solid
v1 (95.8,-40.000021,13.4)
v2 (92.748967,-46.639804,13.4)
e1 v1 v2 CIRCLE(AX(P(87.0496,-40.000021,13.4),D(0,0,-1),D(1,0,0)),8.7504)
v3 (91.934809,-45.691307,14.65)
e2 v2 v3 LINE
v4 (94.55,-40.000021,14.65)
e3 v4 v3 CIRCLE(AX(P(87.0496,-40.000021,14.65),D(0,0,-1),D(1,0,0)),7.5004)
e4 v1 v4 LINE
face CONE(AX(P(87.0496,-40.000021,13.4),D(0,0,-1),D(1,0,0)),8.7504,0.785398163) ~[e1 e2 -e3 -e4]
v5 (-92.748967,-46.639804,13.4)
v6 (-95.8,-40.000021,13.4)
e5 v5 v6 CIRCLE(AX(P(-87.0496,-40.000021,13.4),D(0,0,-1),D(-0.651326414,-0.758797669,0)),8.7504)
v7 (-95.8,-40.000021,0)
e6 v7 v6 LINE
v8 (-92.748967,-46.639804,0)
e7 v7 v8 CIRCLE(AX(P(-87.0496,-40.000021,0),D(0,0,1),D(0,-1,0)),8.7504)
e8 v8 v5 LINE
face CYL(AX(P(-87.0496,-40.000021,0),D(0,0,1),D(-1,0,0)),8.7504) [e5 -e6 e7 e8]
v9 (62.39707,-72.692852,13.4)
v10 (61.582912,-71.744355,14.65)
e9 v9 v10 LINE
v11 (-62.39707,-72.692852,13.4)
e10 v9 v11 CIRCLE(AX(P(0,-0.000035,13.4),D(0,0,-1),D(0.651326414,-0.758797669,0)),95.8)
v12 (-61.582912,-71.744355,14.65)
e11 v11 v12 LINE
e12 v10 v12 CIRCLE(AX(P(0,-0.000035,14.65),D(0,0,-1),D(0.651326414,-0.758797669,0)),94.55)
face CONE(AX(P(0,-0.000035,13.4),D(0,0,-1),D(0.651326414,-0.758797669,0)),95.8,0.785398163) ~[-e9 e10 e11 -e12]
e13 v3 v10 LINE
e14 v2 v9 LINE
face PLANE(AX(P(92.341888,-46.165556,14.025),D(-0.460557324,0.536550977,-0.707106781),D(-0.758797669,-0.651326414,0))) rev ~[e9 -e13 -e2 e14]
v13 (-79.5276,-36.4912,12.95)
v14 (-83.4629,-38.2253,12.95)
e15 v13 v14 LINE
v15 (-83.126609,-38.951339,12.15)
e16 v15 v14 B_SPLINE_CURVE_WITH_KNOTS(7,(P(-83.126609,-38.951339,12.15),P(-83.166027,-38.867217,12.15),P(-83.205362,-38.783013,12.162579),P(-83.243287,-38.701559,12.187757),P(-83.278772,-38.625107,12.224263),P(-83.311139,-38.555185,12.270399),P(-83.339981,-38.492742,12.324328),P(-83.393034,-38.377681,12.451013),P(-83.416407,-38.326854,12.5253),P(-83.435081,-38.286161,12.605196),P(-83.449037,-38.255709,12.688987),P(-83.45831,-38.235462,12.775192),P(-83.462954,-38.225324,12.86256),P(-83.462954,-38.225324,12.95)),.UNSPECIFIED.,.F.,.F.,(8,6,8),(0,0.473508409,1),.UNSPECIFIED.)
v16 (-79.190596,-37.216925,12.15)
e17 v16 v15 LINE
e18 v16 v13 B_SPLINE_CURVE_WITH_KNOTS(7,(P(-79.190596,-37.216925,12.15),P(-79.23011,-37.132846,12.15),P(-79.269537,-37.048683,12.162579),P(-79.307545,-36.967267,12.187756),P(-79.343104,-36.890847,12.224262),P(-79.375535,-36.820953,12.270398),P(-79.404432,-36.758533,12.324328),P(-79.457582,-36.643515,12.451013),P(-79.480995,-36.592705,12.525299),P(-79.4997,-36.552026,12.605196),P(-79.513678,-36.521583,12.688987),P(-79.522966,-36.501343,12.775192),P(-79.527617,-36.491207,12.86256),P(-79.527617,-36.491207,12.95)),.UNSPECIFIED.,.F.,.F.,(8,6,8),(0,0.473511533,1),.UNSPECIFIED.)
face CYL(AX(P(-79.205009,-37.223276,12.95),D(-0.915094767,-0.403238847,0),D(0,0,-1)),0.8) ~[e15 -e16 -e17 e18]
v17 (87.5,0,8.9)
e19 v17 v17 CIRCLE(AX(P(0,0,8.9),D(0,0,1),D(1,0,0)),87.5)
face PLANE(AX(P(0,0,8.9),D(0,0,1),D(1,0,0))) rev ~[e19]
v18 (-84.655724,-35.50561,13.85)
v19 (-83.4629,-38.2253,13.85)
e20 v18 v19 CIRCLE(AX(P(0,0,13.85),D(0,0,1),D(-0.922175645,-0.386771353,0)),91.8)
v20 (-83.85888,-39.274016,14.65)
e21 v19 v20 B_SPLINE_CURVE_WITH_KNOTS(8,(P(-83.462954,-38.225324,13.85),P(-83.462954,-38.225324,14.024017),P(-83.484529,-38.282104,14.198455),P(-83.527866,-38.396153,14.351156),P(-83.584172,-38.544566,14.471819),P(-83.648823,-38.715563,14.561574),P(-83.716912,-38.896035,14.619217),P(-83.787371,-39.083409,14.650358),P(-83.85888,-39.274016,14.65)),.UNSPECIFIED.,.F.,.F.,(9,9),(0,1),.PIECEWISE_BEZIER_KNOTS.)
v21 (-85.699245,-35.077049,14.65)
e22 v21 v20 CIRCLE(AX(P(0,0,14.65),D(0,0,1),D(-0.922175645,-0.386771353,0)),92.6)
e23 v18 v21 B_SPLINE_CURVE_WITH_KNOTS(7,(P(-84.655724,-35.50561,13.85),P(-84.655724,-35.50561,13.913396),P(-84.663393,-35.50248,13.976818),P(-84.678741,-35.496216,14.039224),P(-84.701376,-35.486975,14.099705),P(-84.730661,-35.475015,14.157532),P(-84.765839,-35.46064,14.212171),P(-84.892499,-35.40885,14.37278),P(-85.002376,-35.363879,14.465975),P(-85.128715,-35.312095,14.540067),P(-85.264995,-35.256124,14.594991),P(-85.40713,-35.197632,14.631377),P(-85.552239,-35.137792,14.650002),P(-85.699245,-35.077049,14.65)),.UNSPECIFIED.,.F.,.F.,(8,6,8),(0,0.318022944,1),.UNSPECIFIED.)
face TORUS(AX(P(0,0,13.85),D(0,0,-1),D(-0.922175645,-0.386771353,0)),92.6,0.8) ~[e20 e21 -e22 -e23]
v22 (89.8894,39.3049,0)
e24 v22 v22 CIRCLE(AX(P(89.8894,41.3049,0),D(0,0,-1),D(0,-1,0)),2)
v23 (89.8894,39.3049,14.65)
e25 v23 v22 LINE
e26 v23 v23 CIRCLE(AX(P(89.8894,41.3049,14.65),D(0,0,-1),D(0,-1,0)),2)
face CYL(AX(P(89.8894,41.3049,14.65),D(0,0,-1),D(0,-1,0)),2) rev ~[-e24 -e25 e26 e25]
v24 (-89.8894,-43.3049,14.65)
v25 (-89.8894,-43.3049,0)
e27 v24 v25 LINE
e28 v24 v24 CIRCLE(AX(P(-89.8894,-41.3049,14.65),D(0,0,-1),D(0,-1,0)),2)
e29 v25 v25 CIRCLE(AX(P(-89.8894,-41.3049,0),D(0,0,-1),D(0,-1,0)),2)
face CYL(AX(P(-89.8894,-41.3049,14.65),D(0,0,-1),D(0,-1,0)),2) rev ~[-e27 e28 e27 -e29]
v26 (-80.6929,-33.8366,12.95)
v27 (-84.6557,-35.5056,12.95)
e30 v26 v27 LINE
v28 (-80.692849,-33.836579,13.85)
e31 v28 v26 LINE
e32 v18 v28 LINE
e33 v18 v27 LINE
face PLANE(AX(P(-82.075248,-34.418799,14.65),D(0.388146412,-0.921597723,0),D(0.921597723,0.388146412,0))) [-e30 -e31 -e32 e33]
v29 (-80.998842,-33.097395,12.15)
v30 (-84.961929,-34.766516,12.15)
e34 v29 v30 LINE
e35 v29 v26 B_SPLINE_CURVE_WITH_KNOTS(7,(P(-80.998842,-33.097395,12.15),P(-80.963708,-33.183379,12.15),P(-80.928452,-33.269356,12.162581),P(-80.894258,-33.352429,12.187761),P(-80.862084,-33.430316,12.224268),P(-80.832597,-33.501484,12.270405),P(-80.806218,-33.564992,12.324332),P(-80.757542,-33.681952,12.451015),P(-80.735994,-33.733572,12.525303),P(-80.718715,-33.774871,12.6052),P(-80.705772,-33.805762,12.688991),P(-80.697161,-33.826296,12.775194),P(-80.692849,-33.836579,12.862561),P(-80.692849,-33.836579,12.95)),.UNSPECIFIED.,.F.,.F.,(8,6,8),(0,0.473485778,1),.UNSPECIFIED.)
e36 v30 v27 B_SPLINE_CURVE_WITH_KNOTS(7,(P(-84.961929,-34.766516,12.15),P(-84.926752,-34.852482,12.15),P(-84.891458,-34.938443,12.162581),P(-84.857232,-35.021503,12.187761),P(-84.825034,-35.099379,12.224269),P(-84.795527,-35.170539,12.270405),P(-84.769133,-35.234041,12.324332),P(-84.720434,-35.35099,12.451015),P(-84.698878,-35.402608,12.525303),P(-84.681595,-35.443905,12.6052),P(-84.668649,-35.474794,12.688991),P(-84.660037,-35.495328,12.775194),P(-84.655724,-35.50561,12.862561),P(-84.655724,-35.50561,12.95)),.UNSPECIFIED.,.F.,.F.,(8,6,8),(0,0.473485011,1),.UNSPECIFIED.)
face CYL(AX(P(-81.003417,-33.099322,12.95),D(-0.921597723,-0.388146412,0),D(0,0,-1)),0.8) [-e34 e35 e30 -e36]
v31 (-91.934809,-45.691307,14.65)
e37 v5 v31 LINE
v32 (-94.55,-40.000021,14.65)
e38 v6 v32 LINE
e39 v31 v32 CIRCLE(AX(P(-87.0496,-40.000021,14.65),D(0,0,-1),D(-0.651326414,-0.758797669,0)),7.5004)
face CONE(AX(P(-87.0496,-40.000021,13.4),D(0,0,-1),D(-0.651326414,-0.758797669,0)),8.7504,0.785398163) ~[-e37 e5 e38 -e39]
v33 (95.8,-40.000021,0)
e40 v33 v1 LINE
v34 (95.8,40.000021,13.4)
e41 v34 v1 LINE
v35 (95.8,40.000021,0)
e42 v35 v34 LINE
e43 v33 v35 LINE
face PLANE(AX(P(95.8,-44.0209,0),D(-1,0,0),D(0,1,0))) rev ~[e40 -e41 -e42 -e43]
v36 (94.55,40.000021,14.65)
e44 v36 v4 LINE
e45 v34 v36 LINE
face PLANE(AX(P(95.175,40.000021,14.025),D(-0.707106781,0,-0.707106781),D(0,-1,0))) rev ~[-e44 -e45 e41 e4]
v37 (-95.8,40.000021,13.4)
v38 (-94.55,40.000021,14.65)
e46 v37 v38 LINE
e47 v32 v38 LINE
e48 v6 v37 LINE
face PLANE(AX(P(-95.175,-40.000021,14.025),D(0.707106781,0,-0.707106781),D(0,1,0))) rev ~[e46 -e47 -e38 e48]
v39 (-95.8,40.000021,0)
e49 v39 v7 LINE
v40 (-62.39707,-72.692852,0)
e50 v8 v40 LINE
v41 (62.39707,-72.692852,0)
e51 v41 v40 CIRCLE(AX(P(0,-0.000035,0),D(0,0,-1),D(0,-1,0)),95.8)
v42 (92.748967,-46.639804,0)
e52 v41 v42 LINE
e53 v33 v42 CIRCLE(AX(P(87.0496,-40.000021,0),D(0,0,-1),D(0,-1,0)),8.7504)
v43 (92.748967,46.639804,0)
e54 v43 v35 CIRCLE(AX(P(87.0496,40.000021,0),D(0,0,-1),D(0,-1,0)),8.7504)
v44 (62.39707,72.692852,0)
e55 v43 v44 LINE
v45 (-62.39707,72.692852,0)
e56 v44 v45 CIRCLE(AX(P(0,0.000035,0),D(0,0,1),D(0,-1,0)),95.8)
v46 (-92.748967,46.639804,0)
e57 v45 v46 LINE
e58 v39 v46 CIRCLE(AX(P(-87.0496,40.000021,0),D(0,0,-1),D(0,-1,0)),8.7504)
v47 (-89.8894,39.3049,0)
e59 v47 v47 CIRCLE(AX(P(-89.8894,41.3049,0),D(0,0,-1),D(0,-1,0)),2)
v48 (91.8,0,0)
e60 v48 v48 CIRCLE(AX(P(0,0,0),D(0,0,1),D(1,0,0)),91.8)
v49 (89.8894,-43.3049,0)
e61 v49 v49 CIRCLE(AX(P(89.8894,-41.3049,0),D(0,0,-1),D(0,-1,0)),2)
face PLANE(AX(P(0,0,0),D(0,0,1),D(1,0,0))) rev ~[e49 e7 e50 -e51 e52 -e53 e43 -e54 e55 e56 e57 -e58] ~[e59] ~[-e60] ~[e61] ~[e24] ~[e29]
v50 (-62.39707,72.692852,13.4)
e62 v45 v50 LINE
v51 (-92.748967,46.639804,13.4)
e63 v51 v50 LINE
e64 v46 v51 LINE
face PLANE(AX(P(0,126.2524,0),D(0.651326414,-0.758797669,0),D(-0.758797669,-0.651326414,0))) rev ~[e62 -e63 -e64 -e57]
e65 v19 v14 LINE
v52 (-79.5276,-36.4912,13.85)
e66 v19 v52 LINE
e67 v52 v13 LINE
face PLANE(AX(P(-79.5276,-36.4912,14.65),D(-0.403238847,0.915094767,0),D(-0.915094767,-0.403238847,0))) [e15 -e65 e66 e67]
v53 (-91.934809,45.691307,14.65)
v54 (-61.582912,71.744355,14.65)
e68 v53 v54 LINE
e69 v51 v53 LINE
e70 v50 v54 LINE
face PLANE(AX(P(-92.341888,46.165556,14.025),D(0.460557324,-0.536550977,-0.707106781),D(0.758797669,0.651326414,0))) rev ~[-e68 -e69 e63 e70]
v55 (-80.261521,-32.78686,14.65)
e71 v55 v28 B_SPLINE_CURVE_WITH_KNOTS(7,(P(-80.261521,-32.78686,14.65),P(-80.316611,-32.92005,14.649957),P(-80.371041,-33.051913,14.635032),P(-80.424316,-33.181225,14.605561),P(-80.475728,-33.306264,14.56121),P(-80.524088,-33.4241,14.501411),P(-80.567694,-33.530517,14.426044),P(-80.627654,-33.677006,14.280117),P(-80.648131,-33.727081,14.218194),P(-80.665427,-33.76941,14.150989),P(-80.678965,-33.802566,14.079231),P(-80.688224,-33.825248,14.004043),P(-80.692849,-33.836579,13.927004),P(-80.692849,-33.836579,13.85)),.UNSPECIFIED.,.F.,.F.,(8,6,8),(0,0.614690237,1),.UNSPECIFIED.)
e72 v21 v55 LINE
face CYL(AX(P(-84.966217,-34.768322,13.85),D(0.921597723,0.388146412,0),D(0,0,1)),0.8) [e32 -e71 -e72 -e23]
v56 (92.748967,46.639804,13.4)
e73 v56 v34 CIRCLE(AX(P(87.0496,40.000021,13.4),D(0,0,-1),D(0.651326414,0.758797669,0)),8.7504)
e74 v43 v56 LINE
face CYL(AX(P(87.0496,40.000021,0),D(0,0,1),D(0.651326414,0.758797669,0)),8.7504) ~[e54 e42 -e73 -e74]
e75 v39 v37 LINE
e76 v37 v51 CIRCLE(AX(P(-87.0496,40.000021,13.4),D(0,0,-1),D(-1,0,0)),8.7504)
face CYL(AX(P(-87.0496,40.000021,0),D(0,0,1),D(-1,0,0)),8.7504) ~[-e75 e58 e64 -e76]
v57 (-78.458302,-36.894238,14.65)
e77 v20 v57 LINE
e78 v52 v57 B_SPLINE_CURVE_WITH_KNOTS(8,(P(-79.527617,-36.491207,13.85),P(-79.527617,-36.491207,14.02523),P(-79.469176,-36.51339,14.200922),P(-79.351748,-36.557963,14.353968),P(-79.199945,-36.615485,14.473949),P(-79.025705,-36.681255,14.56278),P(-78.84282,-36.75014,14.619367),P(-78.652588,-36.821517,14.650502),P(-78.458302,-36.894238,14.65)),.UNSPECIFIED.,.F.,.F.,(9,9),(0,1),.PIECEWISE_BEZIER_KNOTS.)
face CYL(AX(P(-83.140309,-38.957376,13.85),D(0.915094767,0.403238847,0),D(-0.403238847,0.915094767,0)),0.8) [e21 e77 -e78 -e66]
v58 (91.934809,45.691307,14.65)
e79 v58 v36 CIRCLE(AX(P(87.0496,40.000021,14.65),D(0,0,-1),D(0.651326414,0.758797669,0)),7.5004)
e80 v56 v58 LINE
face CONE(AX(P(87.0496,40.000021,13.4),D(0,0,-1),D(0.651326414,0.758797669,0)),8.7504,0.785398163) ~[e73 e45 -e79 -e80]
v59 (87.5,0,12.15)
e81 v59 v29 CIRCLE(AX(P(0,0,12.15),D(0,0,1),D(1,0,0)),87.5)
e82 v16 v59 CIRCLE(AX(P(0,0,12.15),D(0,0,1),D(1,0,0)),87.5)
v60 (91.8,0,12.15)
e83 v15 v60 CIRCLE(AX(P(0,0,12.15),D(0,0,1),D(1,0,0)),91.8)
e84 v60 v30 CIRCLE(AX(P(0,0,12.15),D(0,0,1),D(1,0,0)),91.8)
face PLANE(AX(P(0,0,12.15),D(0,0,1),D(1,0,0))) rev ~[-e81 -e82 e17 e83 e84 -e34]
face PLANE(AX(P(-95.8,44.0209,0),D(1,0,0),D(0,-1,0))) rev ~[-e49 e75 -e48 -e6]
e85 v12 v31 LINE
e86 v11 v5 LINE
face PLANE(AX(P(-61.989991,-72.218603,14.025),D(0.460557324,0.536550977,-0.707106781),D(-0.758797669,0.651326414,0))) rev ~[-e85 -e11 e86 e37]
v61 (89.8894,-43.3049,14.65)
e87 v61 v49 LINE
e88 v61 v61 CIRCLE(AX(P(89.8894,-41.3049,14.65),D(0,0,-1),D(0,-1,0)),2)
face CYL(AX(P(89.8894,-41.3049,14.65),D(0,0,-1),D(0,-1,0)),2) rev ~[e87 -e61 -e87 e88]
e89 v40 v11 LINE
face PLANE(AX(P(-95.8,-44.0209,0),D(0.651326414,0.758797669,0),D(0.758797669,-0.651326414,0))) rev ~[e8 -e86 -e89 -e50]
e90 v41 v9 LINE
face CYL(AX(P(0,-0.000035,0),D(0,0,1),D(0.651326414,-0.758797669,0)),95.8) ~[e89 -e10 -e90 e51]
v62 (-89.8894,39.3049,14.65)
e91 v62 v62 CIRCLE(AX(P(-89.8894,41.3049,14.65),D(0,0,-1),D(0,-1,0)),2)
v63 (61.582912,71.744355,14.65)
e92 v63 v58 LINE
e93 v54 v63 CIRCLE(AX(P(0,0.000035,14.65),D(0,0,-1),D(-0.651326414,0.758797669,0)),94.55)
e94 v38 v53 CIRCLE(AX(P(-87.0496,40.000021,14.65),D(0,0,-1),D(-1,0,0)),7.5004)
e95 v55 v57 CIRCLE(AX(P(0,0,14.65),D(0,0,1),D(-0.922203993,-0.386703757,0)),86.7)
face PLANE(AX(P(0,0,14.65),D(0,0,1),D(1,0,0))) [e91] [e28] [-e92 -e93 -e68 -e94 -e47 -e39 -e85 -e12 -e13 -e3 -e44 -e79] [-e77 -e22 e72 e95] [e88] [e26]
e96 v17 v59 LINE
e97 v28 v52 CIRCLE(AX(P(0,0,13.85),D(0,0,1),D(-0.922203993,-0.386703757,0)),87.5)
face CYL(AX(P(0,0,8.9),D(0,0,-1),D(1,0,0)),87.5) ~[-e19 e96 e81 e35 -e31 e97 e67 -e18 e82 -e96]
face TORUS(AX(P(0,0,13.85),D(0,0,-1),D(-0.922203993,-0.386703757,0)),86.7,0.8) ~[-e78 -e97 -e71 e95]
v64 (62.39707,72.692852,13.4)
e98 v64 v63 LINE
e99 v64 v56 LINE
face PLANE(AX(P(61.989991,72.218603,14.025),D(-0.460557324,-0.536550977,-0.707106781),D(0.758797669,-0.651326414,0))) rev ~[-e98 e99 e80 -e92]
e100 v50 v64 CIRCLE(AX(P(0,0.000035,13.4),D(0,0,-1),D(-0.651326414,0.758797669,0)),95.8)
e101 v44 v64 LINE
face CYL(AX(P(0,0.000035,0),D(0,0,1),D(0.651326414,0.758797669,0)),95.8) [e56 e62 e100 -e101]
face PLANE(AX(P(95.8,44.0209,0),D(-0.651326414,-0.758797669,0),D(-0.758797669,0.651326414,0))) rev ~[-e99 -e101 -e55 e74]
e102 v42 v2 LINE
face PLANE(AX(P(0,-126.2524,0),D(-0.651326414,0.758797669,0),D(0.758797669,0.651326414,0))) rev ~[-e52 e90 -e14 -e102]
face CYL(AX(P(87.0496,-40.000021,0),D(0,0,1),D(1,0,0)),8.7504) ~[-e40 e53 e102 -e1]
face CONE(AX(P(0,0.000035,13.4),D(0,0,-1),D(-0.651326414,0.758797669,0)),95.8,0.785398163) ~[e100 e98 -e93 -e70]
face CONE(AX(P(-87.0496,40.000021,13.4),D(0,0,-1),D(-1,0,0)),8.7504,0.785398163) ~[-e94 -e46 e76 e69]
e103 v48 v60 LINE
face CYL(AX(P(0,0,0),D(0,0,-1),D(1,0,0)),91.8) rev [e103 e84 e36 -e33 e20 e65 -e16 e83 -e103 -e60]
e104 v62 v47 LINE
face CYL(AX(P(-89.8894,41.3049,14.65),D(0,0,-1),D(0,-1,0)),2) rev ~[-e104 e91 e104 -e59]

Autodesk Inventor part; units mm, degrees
ref_plane "YZ Plane" through (0, 0, 0) normal (1, 0, 0) x (0, 1, 0)
ref_plane "XZ Plane" through (0, 0, 0) normal (0, 1, 0) x (-1, 0, 0)
sketch "Sketch1" plane through (0, 0, 0) normal (0, 0, 1) x (1, 0, 0)
  line L0 (95.8, -44.0209) -> (95.8, 44.0209)
  line L1 (95.8, 44.0209) -> (0, 126.2524)
  circle A0 centre (0, 0) radius 91.8
  line L2 (-95.8, 44.0209) -> (-95.8, -44.0209)
  line L3 (0, -126.2524) -> (95.8, -44.0209)
  line L4 (0, 126.2524) -> (-95.8, 44.0209)
  line L5 (-95.8, -44.0209) -> (0, -126.2524)
  dimension "d47" = 183.6
extrude "Extrusion3" add sketch "Sketch1" along normal blind 14.65
ref_plane "Work Plane1" through (0, 0, 8.9) normal (0, 0, 1) x (1, 0, 0)
sketch "Sketch2" plane through (0, 0, 8.9) normal (0, 0, 1) x (1, 0, 0)
  circle A0 centre (0, 0) radius 91.8 projected
  circle A1 centre (0, 0) radius 87.5
  circle A2 centre (0, 0) radius 91.8 projected
  line L0 (95.8, -44.0209) -> (95.8, 44.0209) projected
  line L1 (0, -126.2524) -> (95.8, -44.0209) projected
  line L2 (-95.8, -44.0209) -> (0, -126.2524) projected
  line L3 (-95.8, 44.0209) -> (-95.8, -44.0209) projected
  line L4 (0, 126.2524) -> (-95.8, 44.0209) projected
  line L5 (95.8, 44.0209) -> (0, 126.2524) projected
  dimension "d54" = 4.3
extrude "Extrusion2" add sketch "Sketch2" along normal blind 5.75 contours A1
sketch "Sketch3" plane through (0, 0, 14.65) normal (0, 0, 1) x (1, 0, 0)
  line L0 (-79.5276, -36.4912) -> (-83.4629, -38.2253)
  circle A0 centre (0, 0) radius 89 projected
  circle A1 centre (0, 0) radius 89 projected
  circle A2 centre (0, 0) radius 91.8 projected
  circle A3 centre (0, 0) radius 91.8 projected
  line L1 (95.8, -44.0209) -> (0, -126.2524) projected
  line L2 (0, -126.2524) -> (-95.8, -44.0209) projected
  line L3 (-95.8, -44.0209) -> (-95.8, 44.0209) projected
  line L4 (-95.8, 44.0209) -> (0, 126.2524) projected
  line L5 (0, 126.2524) -> (95.8, 44.0209) projected
  line L6 (95.8, 44.0209) -> (95.8, -44.0209) projected
  circle A4 centre (0, 0) radius 91.8 projected
  line L7 (95.8, -44.0209) -> (95.8, 44.0209) projected
  line L8 (0, -126.2524) -> (95.8, -44.0209) projected
  line L9 (-95.8, -44.0209) -> (0, -126.2524) projected
  line L10 (-95.8, 44.0209) -> (-95.8, -44.0209) projected
  line L11 (0, 126.2524) -> (-95.8, 44.0209) projected
  line L12 (95.8, 44.0209) -> (0, 126.2524) projected
  circle A5 centre (0, 0) radius 87.5 projected
  circle A6 centre (0, 0) radius 87.5 projected
  line L13 (-84.6557, -35.5056) -> (-80.6929, -33.8366)
  point P0 (-84.0051, -35.376)
  point P1 (-83.4629, -38.2253)
  point P2 (-81.2652, -37.2569)
  point P3 (-84.6557, -35.5056)
  point P4 (-83.4629, -38.2253)
  dimension "d55" = 2.93
extrude "Extrusion1" add sketch "Sketch3" against normal blind 2.5 contours A5 L13 A0 L0 | A0 L13 A2 L0 picked at (12.3499, -86.9619) picked at (90.2127, 8.8539)
fillet "Fillet9" radius 0.8 1 edges at (-82.6743, -34.6711, 12.15)
fillet "Fillet8" radius 0.8 1 edges at (-81.4953, -37.3583, 12.15)
fillet "Fillet7" radius 0.8 2 edges at (-81.4953, -37.3583, 14.65) (-84.0703, -36.8703, 14.65)
fillet "Fillet7" radius 0.8 2 edges at (-80.1212, -35.1687, 14.65) (-82.6743, -34.6711, 14.65)
fillet "Fillet6" radius 8.7504 1 edges at (-95.8, 44.0209, 7.325)
fillet "Fillet5" radius 8.7504 1 edges at (-95.8, -44.0209, 7.325)
fillet "Fillet4" radius 8.7504 1 edges at (95.8, 44.0209, 7.325)
fillet "Fillet3" radius 8.7504 1 edges at (95.8, -44.0209, 7.325)
fillet "Fillet2" radius 95.8 1 edges at (0, -126.2524, 7.325)
fillet "Fillet1" radius 95.8 1 edges at (0, 126.2524, 7.325)
chamfer "Chamfer1" distance 1.25 angle 45 12 edges at (0, -95.8, 14.65) (-95.0007, 43.6536, 14.65) (77.573, -59.6663, 14.65) (-77.573, 59.6663, 14.65) (95.0007, -43.6536, 14.65) (0, 95.8, 14.65) (77.573, 59.6663, 14.65) (-95.0007, -43.6536, 14.65) (95.0007, 43.6536, 14.65) (-95.8, 0, 14.65) (-77.573, -59.6663, 14.65) (95.8, 0, 14.65)
hole "Hole4" at (-89.8894, 41.3049, 14.65) direction (0, 0, -1) diameter 4 depth 14.65
hole "Hole3" at (89.8894, -41.3049, 14.65) direction (0, 0, -1) diameter 4 depth 14.65
sketch "Sketch5" plane through (0, 0, 14.65) normal (0, 0, 1) x (1, 0, 0)
  point P0 (89.8894, -41.3049)
hole "Hole2" at (-89.8894, -41.3049, 14.65) direction (0, 0, -1) diameter 4 depth 14.65
sketch "Sketch4" plane through (0, 0, 14.65) normal (0, 0, 1) x (1, 0, 0)
  point P0 (-89.8894, 41.3049)
hole "Hole1" at (89.8894, 41.3049, 14.65) direction (0, 0, -1) diameter 4 depth 14.65
sketch "Sketch8" plane through (0, 0, 0) normal (1, 0, 0) x (0, 1, 0)
  line L0 (-91, 1) -> (-93.3, 1)
  line L1 (-88, 1.25) -> (-90, 1.25)
  line L2 (-93.3, 1) -> (-93.3, 0)
  line L3 (-90, 4.25) -> (-91, 4.25)
  line L4 (-90, 4.25) -> (-90, 1.25)
  line L5 (-88, 0) -> (-93.3, 0)
  line L6 (-91, 4.25) -> (-91, 1)
  line L7 (-88, 1.25) -> (-88, 0)
  line L8 (0, 0) -> (0, -10)
revolve "Revolution1" [suppressed]
sketch "Sketch9" plane through (0, 0, 0) normal (1, 0, 0) x (0, 1, 0)
  line L0 (-91, 1) -> (-93.3, 1)
  line L1 (-93.3, 1) -> (-93.3, 0)
  line L2 (0, 0) -> (-93.3, 0)
  line L3 (-91, 4.25) -> (-91, 1)
  line L4 (0, 4.25) -> (-91, 4.25)
  line L5 (0, 0) -> (0, 4.25)
  line L6 (0, 0) -> (0, -10)
revolve "Revolution2" [suppressed]
sketch "Sketch10" plane through (0, 0, 0) normal (1, 0, 0) x (0, 1, 0)
  line L0 (0, 4.25) -> (90, 4.25)
  line L1 (90, 4.25) -> (90, 1.25)
  line L2 (90, 1.25) -> (88, 1.25)
  line L3 (88, 1.25) -> (88, 0)
  line L4 (88, 0) -> (0, 0)
  line L5 (0, 0) -> (0, 4.25)
  line L6 (0, 4.25) -> (0, 0)
revolve "Revolution3" [suppressed]
sketch "Sketch6" plane through (0, 0, 14.65) normal (0, 0, 1) x (1, 0, 0)
  point P0 (-89.8894, -41.3049)
sketch "Sketch7" plane through (0, 0, 14.65) normal (0, 0, 1) x (1, 0, 0)
  point P0 (89.8894, 41.3049)
properties part number "Body_3DPrint"
